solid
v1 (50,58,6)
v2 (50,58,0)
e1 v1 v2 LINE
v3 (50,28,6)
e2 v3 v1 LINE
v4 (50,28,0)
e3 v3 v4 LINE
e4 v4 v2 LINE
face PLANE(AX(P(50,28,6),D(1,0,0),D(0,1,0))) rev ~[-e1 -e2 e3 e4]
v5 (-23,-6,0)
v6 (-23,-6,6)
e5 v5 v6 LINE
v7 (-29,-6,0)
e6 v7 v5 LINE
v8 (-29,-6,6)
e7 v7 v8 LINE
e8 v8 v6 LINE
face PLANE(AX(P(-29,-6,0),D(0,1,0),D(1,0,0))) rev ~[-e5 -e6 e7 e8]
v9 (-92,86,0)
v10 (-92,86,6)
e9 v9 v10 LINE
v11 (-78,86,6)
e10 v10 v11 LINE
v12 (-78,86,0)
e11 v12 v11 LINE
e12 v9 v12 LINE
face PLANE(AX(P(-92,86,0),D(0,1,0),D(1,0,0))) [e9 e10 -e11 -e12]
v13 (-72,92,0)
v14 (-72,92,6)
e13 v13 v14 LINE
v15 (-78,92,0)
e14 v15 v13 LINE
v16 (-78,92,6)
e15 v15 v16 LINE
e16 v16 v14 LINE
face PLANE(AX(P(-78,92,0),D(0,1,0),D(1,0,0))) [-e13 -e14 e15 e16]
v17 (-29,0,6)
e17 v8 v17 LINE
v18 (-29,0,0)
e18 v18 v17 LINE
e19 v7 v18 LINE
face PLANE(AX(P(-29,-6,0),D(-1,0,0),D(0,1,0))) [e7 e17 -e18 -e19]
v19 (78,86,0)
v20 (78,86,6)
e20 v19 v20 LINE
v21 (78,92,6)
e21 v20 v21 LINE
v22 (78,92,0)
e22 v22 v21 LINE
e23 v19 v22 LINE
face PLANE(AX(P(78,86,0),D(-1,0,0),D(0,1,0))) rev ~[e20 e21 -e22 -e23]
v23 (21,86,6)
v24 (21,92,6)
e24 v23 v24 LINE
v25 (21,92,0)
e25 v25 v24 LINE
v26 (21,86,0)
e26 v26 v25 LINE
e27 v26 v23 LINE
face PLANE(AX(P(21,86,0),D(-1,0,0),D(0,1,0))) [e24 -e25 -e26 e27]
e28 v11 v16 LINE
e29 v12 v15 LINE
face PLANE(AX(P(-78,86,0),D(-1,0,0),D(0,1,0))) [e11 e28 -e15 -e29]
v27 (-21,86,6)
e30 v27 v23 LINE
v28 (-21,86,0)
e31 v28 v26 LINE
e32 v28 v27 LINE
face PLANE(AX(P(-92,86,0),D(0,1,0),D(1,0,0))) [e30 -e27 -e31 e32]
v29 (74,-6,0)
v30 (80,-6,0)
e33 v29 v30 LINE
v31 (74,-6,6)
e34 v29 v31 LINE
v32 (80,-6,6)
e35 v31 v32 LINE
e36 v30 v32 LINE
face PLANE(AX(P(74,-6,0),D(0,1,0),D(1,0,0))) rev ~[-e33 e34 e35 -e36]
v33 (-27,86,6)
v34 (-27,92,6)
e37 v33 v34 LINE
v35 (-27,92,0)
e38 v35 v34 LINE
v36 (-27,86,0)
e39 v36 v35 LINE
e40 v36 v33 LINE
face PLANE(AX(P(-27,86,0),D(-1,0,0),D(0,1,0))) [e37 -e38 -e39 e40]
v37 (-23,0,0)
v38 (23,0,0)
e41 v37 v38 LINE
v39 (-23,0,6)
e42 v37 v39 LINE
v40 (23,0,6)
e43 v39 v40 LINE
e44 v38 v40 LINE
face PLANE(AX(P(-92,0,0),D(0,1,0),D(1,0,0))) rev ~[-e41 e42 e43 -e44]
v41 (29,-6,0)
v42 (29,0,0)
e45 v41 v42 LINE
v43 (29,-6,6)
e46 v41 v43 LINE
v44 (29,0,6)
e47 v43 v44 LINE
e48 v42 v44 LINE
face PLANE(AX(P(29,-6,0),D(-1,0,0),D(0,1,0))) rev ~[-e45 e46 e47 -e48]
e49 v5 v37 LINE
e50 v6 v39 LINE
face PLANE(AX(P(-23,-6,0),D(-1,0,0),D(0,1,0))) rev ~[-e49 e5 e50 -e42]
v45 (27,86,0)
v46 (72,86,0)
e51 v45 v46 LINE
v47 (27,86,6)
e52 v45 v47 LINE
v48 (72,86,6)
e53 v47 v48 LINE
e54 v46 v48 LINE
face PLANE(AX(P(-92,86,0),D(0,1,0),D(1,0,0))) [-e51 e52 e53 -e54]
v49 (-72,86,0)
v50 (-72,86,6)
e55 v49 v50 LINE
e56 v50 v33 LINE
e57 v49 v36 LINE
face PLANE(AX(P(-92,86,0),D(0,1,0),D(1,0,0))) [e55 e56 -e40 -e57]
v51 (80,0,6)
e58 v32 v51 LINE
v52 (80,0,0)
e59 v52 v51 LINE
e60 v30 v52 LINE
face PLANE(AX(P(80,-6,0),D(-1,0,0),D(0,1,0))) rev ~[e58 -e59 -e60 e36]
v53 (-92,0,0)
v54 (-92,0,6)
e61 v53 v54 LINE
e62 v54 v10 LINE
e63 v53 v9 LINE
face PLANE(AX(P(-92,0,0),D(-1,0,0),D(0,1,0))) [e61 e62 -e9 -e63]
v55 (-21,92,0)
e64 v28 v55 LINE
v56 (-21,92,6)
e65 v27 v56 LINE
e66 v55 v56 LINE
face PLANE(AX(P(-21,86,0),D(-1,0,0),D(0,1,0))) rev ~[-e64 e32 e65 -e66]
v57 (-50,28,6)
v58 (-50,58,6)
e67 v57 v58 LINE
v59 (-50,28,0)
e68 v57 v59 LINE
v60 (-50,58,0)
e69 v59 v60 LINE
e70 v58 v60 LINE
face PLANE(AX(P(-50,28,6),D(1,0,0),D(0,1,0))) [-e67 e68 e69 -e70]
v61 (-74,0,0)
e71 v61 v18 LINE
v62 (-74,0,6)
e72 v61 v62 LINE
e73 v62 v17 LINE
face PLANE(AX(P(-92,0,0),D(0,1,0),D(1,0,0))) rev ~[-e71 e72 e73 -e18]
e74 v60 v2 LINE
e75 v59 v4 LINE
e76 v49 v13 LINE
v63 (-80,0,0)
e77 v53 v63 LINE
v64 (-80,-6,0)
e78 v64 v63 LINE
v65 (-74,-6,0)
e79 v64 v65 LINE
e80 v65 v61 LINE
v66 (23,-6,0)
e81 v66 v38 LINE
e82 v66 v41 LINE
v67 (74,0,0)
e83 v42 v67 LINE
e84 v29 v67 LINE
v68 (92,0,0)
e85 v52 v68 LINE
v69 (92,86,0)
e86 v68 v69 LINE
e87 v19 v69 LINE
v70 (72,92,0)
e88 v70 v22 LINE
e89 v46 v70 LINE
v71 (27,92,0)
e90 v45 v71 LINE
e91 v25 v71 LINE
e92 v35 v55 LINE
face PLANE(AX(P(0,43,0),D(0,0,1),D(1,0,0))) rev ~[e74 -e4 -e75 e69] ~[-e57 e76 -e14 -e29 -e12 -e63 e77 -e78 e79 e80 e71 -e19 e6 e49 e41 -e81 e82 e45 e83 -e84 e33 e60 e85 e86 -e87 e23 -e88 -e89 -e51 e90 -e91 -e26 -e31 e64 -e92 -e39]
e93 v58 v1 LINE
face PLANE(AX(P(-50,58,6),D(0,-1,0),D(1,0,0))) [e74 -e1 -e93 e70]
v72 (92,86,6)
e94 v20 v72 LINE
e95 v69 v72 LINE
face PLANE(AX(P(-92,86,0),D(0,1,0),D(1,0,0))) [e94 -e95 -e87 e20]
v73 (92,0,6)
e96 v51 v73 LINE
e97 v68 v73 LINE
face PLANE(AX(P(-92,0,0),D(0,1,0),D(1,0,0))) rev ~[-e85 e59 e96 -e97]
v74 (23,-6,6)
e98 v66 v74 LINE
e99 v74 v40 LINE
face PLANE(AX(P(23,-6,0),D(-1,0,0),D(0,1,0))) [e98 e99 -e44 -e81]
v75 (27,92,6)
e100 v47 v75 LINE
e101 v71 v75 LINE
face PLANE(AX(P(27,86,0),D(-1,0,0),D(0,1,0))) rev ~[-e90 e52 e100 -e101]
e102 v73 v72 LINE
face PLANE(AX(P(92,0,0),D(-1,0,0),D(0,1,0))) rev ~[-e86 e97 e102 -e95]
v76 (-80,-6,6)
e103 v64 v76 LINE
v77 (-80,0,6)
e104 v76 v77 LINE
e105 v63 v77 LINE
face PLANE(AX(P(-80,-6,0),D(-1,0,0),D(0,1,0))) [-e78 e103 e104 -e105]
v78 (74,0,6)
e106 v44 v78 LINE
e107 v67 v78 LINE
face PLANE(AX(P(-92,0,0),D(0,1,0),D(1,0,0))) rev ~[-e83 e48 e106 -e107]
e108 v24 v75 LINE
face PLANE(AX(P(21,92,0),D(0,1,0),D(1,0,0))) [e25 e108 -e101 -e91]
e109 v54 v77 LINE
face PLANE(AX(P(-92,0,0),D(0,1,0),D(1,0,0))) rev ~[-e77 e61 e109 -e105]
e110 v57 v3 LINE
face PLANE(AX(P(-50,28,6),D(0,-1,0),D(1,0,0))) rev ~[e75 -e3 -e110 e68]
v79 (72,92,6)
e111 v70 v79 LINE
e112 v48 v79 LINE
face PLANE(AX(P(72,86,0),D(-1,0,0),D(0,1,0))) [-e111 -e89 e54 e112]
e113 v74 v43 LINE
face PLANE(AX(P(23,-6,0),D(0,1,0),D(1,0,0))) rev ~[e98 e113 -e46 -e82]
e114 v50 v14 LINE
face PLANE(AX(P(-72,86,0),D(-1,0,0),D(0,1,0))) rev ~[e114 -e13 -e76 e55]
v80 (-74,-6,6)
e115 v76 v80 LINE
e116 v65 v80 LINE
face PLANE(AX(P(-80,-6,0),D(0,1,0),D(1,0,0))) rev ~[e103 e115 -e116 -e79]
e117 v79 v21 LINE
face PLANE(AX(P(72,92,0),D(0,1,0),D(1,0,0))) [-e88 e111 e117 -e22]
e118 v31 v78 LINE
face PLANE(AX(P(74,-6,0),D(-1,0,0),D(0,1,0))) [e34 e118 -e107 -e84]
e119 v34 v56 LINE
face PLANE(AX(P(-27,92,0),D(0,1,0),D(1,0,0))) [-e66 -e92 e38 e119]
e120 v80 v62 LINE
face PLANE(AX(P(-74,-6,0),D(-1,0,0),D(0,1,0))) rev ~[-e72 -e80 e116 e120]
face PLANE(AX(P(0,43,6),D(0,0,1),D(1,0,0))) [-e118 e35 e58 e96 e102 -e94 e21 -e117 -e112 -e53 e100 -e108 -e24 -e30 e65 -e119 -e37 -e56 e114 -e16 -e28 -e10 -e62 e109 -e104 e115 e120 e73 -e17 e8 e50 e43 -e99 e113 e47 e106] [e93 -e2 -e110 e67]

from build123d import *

# Parameters (mm, degrees)
SKETCH1_W           = 184
SKETCH1_H           = 86
BOSS_EXTRUDE1_DEPTH = 6
SKETCH2_W           = 6
SKETCH2_H           = 6
BOSS_EXTRUDE2_DEPTH = 6
SKETCH3_W           = 100
SKETCH3_H           = 30
CUT_EXTRUDE1_DEPTH  = 6


with BuildPart() as part:
    # Sketch1 → Boss-Extrude1 (new body)
    with BuildSketch(Plane.XY):
        with Locations((0, 43)):
            Rectangle(SKETCH1_W, SKETCH1_H)
    extrude(amount=BOSS_EXTRUDE1_DEPTH)

    # Sketch2 → Boss-Extrude2 (add)
    with BuildSketch(Plane.XY):
        with Locations((-77, -3)):
            Rectangle(SKETCH2_W, SKETCH2_H)
        with Locations((-26, -3)):
            Rectangle(SKETCH2_W, SKETCH2_H)
        with Locations((26, -3)):
            Rectangle(SKETCH2_W, SKETCH2_H)
        with Locations((77, -3)):
            Rectangle(SKETCH2_W, SKETCH2_H)
        with Locations((-75, 89)):
            Rectangle(SKETCH2_W, SKETCH2_H)
        with Locations((-24, 89)):
            Rectangle(SKETCH2_W, SKETCH2_H)
        with Locations((24, 89)):
            Rectangle(SKETCH2_W, SKETCH2_H)
        with Locations((75, 89)):
            Rectangle(SKETCH2_W, SKETCH2_H)
    extrude(amount=BOSS_EXTRUDE2_DEPTH)

    # Sketch3 → Cut-Extrude1 (cut)
    with BuildSketch(Plane.XY.offset(6)):
        with Locations((0, 43)):
            Rectangle(SKETCH3_W, SKETCH3_H)
    extrude(amount=-CUT_EXTRUDE1_DEPTH, mode=Mode.SUBTRACT)


solid = part.part
